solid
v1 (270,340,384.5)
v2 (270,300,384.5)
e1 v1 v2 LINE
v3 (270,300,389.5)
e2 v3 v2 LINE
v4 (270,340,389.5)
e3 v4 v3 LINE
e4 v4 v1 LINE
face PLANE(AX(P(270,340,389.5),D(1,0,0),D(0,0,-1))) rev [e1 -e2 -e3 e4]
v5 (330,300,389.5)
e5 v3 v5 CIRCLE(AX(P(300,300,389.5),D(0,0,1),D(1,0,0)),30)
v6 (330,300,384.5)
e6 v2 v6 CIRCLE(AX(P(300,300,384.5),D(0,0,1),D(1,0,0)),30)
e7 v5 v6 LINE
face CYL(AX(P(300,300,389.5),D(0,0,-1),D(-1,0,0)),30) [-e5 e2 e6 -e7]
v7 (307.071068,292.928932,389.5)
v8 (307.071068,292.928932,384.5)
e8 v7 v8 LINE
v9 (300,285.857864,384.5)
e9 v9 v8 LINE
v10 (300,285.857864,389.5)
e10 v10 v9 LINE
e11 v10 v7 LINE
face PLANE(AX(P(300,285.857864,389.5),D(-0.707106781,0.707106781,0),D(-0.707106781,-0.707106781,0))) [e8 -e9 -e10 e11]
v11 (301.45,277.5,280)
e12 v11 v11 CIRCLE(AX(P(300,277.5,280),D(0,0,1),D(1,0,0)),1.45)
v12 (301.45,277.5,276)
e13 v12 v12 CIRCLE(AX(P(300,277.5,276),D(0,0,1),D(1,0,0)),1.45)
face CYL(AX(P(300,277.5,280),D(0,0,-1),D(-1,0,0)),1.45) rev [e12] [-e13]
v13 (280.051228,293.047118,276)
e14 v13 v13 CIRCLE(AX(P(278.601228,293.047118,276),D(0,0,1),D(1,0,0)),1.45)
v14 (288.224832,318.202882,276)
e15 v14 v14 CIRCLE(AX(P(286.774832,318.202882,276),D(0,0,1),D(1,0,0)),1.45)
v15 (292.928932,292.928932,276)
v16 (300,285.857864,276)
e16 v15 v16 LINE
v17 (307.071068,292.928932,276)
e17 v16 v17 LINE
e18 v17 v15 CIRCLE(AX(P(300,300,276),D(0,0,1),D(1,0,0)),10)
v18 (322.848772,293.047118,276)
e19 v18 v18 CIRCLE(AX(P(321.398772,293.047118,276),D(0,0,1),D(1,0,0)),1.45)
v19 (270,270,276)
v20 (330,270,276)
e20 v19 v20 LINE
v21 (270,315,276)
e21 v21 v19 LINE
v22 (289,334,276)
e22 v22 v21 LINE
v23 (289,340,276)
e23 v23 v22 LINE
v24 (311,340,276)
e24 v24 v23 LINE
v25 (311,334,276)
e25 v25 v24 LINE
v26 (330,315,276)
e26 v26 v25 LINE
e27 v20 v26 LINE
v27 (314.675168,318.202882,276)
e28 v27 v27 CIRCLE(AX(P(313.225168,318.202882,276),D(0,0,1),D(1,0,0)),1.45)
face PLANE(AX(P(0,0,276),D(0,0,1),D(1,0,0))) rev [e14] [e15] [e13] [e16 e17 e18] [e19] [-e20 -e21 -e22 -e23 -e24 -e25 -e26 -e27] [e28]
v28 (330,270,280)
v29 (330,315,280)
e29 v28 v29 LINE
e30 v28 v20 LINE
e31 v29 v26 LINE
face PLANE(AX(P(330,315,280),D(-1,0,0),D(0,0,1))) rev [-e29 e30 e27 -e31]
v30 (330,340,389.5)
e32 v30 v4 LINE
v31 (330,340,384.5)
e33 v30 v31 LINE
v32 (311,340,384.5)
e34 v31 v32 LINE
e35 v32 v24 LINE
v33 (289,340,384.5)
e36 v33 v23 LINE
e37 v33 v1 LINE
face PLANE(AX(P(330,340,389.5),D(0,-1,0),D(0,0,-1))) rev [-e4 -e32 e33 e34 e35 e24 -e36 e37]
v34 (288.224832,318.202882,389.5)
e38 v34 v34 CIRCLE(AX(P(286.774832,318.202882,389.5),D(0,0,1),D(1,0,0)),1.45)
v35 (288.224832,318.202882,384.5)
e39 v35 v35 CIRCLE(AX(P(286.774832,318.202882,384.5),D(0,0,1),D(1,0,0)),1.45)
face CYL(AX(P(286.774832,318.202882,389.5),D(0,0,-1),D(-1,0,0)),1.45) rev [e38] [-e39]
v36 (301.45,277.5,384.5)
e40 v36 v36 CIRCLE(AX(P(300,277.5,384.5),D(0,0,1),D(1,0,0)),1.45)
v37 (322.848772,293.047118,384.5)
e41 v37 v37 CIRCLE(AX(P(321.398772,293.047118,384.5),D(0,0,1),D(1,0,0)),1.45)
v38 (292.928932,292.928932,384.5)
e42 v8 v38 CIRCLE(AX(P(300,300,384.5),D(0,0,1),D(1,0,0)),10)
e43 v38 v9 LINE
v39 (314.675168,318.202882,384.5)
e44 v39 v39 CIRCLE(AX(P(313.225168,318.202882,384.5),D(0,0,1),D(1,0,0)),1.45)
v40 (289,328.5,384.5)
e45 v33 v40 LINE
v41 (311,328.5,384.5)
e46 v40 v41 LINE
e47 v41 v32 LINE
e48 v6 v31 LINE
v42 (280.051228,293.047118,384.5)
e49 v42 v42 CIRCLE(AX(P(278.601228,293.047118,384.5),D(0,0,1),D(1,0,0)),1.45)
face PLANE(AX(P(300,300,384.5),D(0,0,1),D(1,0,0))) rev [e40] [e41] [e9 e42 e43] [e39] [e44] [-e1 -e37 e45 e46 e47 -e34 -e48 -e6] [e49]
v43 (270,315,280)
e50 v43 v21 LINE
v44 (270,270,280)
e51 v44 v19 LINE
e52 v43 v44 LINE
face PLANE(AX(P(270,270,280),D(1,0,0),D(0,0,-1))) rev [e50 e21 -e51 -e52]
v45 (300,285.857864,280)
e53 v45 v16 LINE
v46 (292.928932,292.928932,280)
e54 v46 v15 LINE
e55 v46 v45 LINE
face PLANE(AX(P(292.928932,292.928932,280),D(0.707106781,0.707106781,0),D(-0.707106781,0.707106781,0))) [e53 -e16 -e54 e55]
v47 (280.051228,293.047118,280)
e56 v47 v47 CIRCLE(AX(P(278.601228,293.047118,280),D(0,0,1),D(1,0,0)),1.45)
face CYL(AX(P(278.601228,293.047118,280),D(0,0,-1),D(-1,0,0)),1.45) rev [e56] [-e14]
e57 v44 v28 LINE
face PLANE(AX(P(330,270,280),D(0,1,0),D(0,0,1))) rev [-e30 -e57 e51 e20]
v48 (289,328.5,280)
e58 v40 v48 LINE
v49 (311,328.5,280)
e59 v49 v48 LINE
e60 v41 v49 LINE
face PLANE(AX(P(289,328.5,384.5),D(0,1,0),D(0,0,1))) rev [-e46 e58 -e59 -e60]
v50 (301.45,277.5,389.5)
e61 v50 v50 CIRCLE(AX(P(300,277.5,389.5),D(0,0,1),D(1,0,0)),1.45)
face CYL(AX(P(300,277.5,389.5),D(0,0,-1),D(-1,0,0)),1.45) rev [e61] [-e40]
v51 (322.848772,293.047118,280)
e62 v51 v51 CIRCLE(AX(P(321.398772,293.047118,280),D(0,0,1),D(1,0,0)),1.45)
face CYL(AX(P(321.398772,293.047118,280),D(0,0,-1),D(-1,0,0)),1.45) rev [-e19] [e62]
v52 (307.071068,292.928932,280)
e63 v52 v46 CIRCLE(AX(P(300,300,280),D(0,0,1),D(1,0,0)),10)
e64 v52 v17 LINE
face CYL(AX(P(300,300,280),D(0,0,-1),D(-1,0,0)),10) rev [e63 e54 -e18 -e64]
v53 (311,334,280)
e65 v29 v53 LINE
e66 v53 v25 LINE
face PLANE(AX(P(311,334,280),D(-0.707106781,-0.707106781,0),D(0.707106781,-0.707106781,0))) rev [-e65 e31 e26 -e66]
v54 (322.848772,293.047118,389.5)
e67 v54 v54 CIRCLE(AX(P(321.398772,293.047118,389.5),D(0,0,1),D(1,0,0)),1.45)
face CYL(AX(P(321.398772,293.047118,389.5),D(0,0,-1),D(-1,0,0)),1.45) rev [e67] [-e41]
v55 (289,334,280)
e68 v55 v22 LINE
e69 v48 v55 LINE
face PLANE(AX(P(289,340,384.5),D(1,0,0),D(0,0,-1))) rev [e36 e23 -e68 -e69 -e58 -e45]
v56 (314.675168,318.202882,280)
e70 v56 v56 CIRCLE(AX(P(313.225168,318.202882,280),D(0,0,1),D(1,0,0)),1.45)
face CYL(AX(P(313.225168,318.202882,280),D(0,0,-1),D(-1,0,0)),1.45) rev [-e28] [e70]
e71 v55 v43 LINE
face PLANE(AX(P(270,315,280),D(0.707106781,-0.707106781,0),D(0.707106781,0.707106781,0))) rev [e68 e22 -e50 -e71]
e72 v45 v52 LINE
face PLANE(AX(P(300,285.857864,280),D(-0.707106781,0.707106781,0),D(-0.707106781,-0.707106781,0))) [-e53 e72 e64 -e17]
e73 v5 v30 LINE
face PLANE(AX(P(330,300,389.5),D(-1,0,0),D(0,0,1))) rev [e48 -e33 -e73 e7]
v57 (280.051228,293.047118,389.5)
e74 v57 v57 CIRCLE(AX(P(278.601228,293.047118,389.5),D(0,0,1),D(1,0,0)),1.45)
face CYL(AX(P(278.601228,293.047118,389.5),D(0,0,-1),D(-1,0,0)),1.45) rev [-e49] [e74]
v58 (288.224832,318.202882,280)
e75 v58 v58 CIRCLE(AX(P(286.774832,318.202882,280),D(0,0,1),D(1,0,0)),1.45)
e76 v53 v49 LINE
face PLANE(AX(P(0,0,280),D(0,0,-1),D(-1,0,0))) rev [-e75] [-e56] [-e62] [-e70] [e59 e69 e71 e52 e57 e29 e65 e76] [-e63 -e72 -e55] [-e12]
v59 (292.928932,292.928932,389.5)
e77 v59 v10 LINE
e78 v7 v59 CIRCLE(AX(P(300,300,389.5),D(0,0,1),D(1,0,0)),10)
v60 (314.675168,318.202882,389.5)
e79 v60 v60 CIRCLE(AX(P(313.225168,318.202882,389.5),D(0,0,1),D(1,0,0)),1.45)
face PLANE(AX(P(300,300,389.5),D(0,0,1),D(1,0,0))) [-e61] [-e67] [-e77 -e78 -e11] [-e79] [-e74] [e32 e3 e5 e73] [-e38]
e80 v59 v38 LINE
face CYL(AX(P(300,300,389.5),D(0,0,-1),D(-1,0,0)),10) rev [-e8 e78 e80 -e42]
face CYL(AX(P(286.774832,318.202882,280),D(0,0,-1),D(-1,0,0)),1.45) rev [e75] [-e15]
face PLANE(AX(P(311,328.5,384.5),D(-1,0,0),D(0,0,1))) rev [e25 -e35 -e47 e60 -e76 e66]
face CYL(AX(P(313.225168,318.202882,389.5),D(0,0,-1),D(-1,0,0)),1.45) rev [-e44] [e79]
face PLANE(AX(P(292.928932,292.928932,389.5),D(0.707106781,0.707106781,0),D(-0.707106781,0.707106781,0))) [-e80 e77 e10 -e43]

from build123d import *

# Parameters (mm, degrees)
SKETCH1_R           = 30
BOSS_EXTRUDE1_DEPTH = 5
SKETCH2_W           = 60
SKETCH2_H           = 40
BOSS_EXTRUDE2_DEPTH = 5
SKETCH3_R           = 1.45
CUT_EXTRUDE1_DEPTH  = 5
SKETCH4_R           = 1.45
BOSS_EXTRUDE3_DEPTH = 4
SKETCH5_W           = 22
SKETCH5_H           = 11.5
BOSS_EXTRUDE4_DEPTH = 108.5


with BuildPart() as part:
    # Sketch1 → Boss-Extrude1 (new body)
    with BuildSketch(Plane.XY.offset(384.5)):
        with Locations((300, 300)):
            Circle(SKETCH1_R)
    extrude(amount=BOSS_EXTRUDE1_DEPTH)

    # Sketch2 → Boss-Extrude2 (add)
    with BuildSketch(Plane.XY.offset(384.5)):
        with Locations((300, 320)):
            Rectangle(SKETCH2_W, SKETCH2_H)
    extrude(amount=BOSS_EXTRUDE2_DEPTH)

    # Sketch3 → Cut-Extrude1 (cut)
    with BuildSketch(Plane.XY.offset(384.5)):
        with Locations((286.774831823, 318.202882373)):
            Circle(SKETCH3_R)
        with Locations((278.601228383, 293.047117627)):
            Circle(SKETCH3_R)
        with Locations((300, 277.5)):
            Circle(SKETCH3_R)
        with Locations((321.398771617, 293.047117627)):
            Circle(SKETCH3_R)
        with Locations((313.225168177, 318.202882373)):
            Circle(SKETCH3_R)
        with BuildLine():
            Line((292.928932188, 292.928932188), (300, 285.857864376))
            Line((300, 285.857864376), (307.071067812, 292.928932188))
            ThreePointArc((307.071067812, 292.928932188), (300, 310), (292.928932188, 292.928932188))
        make_face()
    extrude(amount=CUT_EXTRUDE1_DEPTH, mode=Mode.SUBTRACT)



with BuildPart() as body_2:
    # Sketch4 → Boss-Extrude3 (new body)
    with BuildSketch(Plane.XY.offset(276)):
        Polygon((289, 340), (311, 340), (311, 334), (330, 315), (330, 270), (270, 270), (270, 315), (289, 334), align=None)
        with Locations((286.774831823, 318.202882373)):
            Circle(SKETCH4_R, mode=Mode.SUBTRACT)
        with Locations((278.601228383, 293.047117627)):
            Circle(SKETCH4_R, mode=Mode.SUBTRACT)
        with Locations((300, 277.5)):
            Circle(SKETCH4_R, mode=Mode.SUBTRACT)
        with Locations((321.398771617, 293.047117627)):
            Circle(SKETCH4_R, mode=Mode.SUBTRACT)
        with Locations((313.225168177, 318.202882373)):
            Circle(SKETCH4_R, mode=Mode.SUBTRACT)
        with BuildLine():
            Line((292.928932188, 292.928932188), (300, 285.857864376))
            Line((300, 285.857864376), (307.071067812, 292.928932188))
            ThreePointArc((307.071067812, 292.928932188), (300, 310), (292.928932188, 292.928932188))
        make_face(mode=Mode.SUBTRACT)
    extrude(amount=BOSS_EXTRUDE3_DEPTH)


with BuildPart() as part_1:
    add(part.part)

    add(body_2.part)  # Boss-Extrude4 merges body 2
    # Sketch5 → Boss-Extrude4 (add)
    with BuildSketch(Plane.XY.offset(276)):
        with Locations((300, 334.25)):
            Rectangle(SKETCH5_W, SKETCH5_H)
    extrude(amount=BOSS_EXTRUDE4_DEPTH)


solid = part_1.part
